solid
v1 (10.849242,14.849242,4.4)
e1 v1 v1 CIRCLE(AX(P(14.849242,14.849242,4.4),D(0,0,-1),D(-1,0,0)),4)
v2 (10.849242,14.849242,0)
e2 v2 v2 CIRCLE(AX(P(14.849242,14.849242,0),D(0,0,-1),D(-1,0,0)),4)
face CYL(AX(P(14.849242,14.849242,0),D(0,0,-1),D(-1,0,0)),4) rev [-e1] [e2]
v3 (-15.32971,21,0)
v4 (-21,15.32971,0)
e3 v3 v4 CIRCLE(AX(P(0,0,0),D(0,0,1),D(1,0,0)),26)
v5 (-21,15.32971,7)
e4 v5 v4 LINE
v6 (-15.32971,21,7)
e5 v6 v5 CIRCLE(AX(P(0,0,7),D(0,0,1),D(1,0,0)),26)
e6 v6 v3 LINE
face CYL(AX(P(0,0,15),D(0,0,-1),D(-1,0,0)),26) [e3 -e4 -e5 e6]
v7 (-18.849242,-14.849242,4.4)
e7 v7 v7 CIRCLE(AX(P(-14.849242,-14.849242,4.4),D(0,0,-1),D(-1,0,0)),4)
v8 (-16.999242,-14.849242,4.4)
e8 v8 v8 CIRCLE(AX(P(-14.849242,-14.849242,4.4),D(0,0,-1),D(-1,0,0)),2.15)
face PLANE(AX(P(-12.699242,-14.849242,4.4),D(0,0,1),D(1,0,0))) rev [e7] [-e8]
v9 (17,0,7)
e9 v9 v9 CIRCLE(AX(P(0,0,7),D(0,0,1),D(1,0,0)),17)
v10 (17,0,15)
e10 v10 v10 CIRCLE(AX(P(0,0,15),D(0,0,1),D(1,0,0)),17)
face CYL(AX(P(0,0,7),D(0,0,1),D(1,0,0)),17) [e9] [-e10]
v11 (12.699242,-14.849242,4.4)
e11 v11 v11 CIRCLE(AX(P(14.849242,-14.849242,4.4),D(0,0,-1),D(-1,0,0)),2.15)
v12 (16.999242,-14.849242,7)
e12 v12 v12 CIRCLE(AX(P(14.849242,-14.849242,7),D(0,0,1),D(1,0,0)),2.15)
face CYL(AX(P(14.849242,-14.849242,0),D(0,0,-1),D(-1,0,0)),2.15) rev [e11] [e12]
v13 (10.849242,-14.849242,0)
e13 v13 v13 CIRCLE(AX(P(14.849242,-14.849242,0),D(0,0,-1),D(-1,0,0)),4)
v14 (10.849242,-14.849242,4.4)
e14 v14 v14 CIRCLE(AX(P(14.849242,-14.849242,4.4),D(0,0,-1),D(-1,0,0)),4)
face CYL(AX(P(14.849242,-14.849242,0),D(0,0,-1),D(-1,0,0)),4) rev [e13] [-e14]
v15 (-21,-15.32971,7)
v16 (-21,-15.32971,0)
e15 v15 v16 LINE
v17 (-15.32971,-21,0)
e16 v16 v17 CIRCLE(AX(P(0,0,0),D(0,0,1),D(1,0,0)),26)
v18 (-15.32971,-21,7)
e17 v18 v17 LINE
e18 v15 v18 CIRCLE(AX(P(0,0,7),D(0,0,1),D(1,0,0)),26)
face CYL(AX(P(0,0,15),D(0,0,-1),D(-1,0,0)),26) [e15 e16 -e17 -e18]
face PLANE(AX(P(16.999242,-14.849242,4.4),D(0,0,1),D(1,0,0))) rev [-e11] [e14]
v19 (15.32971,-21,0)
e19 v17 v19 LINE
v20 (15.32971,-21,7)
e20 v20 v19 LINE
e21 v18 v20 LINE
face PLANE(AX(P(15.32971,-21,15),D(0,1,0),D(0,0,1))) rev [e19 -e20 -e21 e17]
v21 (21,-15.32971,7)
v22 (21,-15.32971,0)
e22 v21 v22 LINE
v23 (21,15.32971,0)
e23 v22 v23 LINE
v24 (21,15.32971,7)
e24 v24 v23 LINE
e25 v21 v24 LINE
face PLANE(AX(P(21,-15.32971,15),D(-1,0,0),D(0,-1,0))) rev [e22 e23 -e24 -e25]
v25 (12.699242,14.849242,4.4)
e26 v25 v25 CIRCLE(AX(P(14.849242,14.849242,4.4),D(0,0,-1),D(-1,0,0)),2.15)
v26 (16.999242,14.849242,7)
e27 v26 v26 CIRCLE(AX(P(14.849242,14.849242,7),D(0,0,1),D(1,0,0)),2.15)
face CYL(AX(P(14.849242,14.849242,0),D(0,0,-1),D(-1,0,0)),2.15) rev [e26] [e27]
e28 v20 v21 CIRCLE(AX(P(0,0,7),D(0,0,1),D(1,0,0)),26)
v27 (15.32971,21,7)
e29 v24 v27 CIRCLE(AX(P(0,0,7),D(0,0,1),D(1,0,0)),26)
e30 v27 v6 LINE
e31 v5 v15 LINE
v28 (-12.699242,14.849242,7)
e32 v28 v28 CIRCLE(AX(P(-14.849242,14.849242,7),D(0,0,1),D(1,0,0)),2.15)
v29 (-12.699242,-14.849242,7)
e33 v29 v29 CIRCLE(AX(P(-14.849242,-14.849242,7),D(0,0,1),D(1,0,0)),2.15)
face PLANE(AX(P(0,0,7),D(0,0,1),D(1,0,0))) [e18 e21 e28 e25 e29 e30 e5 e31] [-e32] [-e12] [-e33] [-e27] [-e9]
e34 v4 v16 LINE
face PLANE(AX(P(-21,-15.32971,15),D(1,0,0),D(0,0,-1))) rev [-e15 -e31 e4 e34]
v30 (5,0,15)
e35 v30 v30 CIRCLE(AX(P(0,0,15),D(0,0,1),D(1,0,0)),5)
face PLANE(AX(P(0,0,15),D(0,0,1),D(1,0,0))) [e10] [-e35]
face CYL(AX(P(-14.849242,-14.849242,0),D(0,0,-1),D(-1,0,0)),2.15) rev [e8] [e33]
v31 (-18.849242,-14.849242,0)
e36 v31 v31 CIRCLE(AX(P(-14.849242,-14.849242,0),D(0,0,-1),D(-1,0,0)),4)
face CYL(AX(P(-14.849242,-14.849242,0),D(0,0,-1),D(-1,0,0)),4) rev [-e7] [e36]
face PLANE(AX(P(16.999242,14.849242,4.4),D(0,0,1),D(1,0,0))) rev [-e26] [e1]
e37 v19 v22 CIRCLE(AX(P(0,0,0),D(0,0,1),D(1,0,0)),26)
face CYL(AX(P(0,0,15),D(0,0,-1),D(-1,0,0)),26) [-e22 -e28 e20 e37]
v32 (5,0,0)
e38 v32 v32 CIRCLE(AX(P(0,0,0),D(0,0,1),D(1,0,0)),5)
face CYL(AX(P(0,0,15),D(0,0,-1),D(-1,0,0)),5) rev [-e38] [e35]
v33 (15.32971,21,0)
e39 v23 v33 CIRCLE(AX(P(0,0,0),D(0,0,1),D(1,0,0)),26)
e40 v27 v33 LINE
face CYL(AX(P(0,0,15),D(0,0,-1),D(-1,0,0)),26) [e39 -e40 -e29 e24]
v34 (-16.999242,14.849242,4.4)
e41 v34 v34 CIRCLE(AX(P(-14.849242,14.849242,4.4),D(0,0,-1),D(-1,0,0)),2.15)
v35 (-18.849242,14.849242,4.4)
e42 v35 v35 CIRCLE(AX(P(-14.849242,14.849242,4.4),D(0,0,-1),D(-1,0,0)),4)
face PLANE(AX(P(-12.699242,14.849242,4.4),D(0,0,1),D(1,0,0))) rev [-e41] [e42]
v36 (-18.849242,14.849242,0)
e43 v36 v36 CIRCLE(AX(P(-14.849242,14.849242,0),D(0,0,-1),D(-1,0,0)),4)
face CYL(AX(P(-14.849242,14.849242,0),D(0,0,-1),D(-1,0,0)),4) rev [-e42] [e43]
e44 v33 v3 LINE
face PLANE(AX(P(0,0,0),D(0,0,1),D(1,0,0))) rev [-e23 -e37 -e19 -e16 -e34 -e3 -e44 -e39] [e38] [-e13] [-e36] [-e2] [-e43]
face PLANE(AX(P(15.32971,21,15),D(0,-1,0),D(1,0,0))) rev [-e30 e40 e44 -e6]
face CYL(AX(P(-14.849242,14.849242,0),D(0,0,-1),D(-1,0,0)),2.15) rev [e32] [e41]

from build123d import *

# Parameters (mm, degrees)
SKETCH1_R                                           = 5
BOSS_EXTRUDE1_DEPTH                                 = 15
SKETCH2_R                                           = 27
SKETCH2_R_2                                         = 17
CUT_EXTRUDE_THIN1_DEPTH                             = 8
CBORE_FOR_M4_HEX_SOCKET_HEAD_CAP_SCREW1_D           = 4.3
CBORE_FOR_M4_HEX_SOCKET_HEAD_CAP_SCREW1_DEPTH       = 8.5
CBORE_FOR_M4_HEX_SOCKET_HEAD_CAP_SCREW1_CBORE_D     = 8
CBORE_FOR_M4_HEX_SOCKET_HEAD_CAP_SCREW1_CBORE_DEPTH = 4.4
CBORE_FOR_M4_HEX_SOCKET_HEAD_CAP_SCREW1_TIP         = 1.291850331
CBORE_FOR_M4_HEX_SOCKET_HEAD_CAP_SCREW2_D           = 4.3
CBORE_FOR_M4_HEX_SOCKET_HEAD_CAP_SCREW2_DEPTH       = 8.5
CBORE_FOR_M4_HEX_SOCKET_HEAD_CAP_SCREW2_CBORE_D     = 8
CBORE_FOR_M4_HEX_SOCKET_HEAD_CAP_SCREW2_CBORE_DEPTH = 4.4
CBORE_FOR_M4_HEX_SOCKET_HEAD_CAP_SCREW2_TIP         = 1.291850331
CBORE_FOR_M4_HEX_SOCKET_HEAD_CAP_SCREW3_D           = 4.3
CBORE_FOR_M4_HEX_SOCKET_HEAD_CAP_SCREW3_DEPTH       = 8.5
CBORE_FOR_M4_HEX_SOCKET_HEAD_CAP_SCREW3_CBORE_D     = 8
CBORE_FOR_M4_HEX_SOCKET_HEAD_CAP_SCREW3_CBORE_DEPTH = 4.4
CBORE_FOR_M4_HEX_SOCKET_HEAD_CAP_SCREW3_TIP         = 1.291850331
CBORE_FOR_M4_HEX_SOCKET_HEAD_CAP_SCREW4_D           = 4.3
CBORE_FOR_M4_HEX_SOCKET_HEAD_CAP_SCREW4_DEPTH       = 8.5
CBORE_FOR_M4_HEX_SOCKET_HEAD_CAP_SCREW4_CBORE_D     = 8
CBORE_FOR_M4_HEX_SOCKET_HEAD_CAP_SCREW4_CBORE_DEPTH = 4.4
CBORE_FOR_M4_HEX_SOCKET_HEAD_CAP_SCREW4_TIP         = 1.291850331


with BuildPart() as part:
    # Sketch1 → Boss-Extrude1 (new body)
    with BuildSketch(Plane.XY):
        with BuildLine():
            Line((15.329709717, -21), (-15.329709717, -21))
            ThreePointArc((-15.329709717, -21), (-18.384776311, -18.384776311), (-21, -15.329709717))
            Line((-21, -15.329709717), (-21, 15.329709717))
            ThreePointArc((-21, 15.329709717), (-18.384776311, 18.384776311), (-15.329709717, 21))
            Line((-15.329709717, 21), (15.329709717, 21))
            ThreePointArc((15.329709717, 21), (18.384776311, 18.384776311), (21, 15.329709717))
            Line((21, 15.329709717), (21, -15.329709717))
            ThreePointArc((21, -15.329709717), (18.384776311, -18.384776311), (15.329709717, -21))
        make_face()
        Circle(SKETCH1_R, mode=Mode.SUBTRACT)
    extrude(amount=BOSS_EXTRUDE1_DEPTH)

    # Sketch2 → Cut-Extrude-Thin1 (cut)
    with BuildSketch(Plane.XY.offset(15)):
        Circle(SKETCH2_R)
        Circle(SKETCH2_R_2, mode=Mode.SUBTRACT)
    extrude(amount=-CUT_EXTRUDE_THIN1_DEPTH, mode=Mode.SUBTRACT)

    # CBORE for M4 Hex Socket Head Cap Screw1
    with Locations(Plane(origin=(-14.849242405, 14.849242405, 0), x_dir=(-1, 0, 0), z_dir=(0, 0, -1))):
        with Locations((0, 0)):
            CounterBoreHole(CBORE_FOR_M4_HEX_SOCKET_HEAD_CAP_SCREW1_D / 2, CBORE_FOR_M4_HEX_SOCKET_HEAD_CAP_SCREW1_CBORE_D / 2, CBORE_FOR_M4_HEX_SOCKET_HEAD_CAP_SCREW1_CBORE_DEPTH, depth=CBORE_FOR_M4_HEX_SOCKET_HEAD_CAP_SCREW1_DEPTH)
            with Locations((0, 0, -(CBORE_FOR_M4_HEX_SOCKET_HEAD_CAP_SCREW1_DEPTH + CBORE_FOR_M4_HEX_SOCKET_HEAD_CAP_SCREW1_TIP / 2))):  # 118° drill point
                Cone(0, CBORE_FOR_M4_HEX_SOCKET_HEAD_CAP_SCREW1_D / 2, CBORE_FOR_M4_HEX_SOCKET_HEAD_CAP_SCREW1_TIP, mode=Mode.SUBTRACT)

    # CBORE for M4 Hex Socket Head Cap Screw2
    with Locations(Plane(origin=(14.849242405, 14.849242405, 0), x_dir=(-1, 0, 0), z_dir=(0, 0, -1))):
        with Locations((0, 0)):
            CounterBoreHole(CBORE_FOR_M4_HEX_SOCKET_HEAD_CAP_SCREW2_D / 2, CBORE_FOR_M4_HEX_SOCKET_HEAD_CAP_SCREW2_CBORE_D / 2, CBORE_FOR_M4_HEX_SOCKET_HEAD_CAP_SCREW2_CBORE_DEPTH, depth=CBORE_FOR_M4_HEX_SOCKET_HEAD_CAP_SCREW2_DEPTH)
            with Locations((0, 0, -(CBORE_FOR_M4_HEX_SOCKET_HEAD_CAP_SCREW2_DEPTH + CBORE_FOR_M4_HEX_SOCKET_HEAD_CAP_SCREW2_TIP / 2))):  # 118° drill point
                Cone(0, CBORE_FOR_M4_HEX_SOCKET_HEAD_CAP_SCREW2_D / 2, CBORE_FOR_M4_HEX_SOCKET_HEAD_CAP_SCREW2_TIP, mode=Mode.SUBTRACT)

    # CBORE for M4 Hex Socket Head Cap Screw3
    with Locations(Plane(origin=(14.849242405, -14.849242405, 0), x_dir=(-1, 0, 0), z_dir=(0, 0, -1))):
        with Locations((0, 0)):
            CounterBoreHole(CBORE_FOR_M4_HEX_SOCKET_HEAD_CAP_SCREW3_D / 2, CBORE_FOR_M4_HEX_SOCKET_HEAD_CAP_SCREW3_CBORE_D / 2, CBORE_FOR_M4_HEX_SOCKET_HEAD_CAP_SCREW3_CBORE_DEPTH, depth=CBORE_FOR_M4_HEX_SOCKET_HEAD_CAP_SCREW3_DEPTH)
            with Locations((0, 0, -(CBORE_FOR_M4_HEX_SOCKET_HEAD_CAP_SCREW3_DEPTH + CBORE_FOR_M4_HEX_SOCKET_HEAD_CAP_SCREW3_TIP / 2))):  # 118° drill point
                Cone(0, CBORE_FOR_M4_HEX_SOCKET_HEAD_CAP_SCREW3_D / 2, CBORE_FOR_M4_HEX_SOCKET_HEAD_CAP_SCREW3_TIP, mode=Mode.SUBTRACT)

    # CBORE for M4 Hex Socket Head Cap Screw4
    with Locations(Plane(origin=(-14.849242405, -14.849242405, 0), x_dir=(-1, 0, 0), z_dir=(0, 0, -1))):
        with Locations((0, 0)):
            CounterBoreHole(CBORE_FOR_M4_HEX_SOCKET_HEAD_CAP_SCREW4_D / 2, CBORE_FOR_M4_HEX_SOCKET_HEAD_CAP_SCREW4_CBORE_D / 2, CBORE_FOR_M4_HEX_SOCKET_HEAD_CAP_SCREW4_CBORE_DEPTH, depth=CBORE_FOR_M4_HEX_SOCKET_HEAD_CAP_SCREW4_DEPTH)
            with Locations((0, 0, -(CBORE_FOR_M4_HEX_SOCKET_HEAD_CAP_SCREW4_DEPTH + CBORE_FOR_M4_HEX_SOCKET_HEAD_CAP_SCREW4_TIP / 2))):  # 118° drill point
                Cone(0, CBORE_FOR_M4_HEX_SOCKET_HEAD_CAP_SCREW4_D / 2, CBORE_FOR_M4_HEX_SOCKET_HEAD_CAP_SCREW4_TIP, mode=Mode.SUBTRACT)


solid = part.part
